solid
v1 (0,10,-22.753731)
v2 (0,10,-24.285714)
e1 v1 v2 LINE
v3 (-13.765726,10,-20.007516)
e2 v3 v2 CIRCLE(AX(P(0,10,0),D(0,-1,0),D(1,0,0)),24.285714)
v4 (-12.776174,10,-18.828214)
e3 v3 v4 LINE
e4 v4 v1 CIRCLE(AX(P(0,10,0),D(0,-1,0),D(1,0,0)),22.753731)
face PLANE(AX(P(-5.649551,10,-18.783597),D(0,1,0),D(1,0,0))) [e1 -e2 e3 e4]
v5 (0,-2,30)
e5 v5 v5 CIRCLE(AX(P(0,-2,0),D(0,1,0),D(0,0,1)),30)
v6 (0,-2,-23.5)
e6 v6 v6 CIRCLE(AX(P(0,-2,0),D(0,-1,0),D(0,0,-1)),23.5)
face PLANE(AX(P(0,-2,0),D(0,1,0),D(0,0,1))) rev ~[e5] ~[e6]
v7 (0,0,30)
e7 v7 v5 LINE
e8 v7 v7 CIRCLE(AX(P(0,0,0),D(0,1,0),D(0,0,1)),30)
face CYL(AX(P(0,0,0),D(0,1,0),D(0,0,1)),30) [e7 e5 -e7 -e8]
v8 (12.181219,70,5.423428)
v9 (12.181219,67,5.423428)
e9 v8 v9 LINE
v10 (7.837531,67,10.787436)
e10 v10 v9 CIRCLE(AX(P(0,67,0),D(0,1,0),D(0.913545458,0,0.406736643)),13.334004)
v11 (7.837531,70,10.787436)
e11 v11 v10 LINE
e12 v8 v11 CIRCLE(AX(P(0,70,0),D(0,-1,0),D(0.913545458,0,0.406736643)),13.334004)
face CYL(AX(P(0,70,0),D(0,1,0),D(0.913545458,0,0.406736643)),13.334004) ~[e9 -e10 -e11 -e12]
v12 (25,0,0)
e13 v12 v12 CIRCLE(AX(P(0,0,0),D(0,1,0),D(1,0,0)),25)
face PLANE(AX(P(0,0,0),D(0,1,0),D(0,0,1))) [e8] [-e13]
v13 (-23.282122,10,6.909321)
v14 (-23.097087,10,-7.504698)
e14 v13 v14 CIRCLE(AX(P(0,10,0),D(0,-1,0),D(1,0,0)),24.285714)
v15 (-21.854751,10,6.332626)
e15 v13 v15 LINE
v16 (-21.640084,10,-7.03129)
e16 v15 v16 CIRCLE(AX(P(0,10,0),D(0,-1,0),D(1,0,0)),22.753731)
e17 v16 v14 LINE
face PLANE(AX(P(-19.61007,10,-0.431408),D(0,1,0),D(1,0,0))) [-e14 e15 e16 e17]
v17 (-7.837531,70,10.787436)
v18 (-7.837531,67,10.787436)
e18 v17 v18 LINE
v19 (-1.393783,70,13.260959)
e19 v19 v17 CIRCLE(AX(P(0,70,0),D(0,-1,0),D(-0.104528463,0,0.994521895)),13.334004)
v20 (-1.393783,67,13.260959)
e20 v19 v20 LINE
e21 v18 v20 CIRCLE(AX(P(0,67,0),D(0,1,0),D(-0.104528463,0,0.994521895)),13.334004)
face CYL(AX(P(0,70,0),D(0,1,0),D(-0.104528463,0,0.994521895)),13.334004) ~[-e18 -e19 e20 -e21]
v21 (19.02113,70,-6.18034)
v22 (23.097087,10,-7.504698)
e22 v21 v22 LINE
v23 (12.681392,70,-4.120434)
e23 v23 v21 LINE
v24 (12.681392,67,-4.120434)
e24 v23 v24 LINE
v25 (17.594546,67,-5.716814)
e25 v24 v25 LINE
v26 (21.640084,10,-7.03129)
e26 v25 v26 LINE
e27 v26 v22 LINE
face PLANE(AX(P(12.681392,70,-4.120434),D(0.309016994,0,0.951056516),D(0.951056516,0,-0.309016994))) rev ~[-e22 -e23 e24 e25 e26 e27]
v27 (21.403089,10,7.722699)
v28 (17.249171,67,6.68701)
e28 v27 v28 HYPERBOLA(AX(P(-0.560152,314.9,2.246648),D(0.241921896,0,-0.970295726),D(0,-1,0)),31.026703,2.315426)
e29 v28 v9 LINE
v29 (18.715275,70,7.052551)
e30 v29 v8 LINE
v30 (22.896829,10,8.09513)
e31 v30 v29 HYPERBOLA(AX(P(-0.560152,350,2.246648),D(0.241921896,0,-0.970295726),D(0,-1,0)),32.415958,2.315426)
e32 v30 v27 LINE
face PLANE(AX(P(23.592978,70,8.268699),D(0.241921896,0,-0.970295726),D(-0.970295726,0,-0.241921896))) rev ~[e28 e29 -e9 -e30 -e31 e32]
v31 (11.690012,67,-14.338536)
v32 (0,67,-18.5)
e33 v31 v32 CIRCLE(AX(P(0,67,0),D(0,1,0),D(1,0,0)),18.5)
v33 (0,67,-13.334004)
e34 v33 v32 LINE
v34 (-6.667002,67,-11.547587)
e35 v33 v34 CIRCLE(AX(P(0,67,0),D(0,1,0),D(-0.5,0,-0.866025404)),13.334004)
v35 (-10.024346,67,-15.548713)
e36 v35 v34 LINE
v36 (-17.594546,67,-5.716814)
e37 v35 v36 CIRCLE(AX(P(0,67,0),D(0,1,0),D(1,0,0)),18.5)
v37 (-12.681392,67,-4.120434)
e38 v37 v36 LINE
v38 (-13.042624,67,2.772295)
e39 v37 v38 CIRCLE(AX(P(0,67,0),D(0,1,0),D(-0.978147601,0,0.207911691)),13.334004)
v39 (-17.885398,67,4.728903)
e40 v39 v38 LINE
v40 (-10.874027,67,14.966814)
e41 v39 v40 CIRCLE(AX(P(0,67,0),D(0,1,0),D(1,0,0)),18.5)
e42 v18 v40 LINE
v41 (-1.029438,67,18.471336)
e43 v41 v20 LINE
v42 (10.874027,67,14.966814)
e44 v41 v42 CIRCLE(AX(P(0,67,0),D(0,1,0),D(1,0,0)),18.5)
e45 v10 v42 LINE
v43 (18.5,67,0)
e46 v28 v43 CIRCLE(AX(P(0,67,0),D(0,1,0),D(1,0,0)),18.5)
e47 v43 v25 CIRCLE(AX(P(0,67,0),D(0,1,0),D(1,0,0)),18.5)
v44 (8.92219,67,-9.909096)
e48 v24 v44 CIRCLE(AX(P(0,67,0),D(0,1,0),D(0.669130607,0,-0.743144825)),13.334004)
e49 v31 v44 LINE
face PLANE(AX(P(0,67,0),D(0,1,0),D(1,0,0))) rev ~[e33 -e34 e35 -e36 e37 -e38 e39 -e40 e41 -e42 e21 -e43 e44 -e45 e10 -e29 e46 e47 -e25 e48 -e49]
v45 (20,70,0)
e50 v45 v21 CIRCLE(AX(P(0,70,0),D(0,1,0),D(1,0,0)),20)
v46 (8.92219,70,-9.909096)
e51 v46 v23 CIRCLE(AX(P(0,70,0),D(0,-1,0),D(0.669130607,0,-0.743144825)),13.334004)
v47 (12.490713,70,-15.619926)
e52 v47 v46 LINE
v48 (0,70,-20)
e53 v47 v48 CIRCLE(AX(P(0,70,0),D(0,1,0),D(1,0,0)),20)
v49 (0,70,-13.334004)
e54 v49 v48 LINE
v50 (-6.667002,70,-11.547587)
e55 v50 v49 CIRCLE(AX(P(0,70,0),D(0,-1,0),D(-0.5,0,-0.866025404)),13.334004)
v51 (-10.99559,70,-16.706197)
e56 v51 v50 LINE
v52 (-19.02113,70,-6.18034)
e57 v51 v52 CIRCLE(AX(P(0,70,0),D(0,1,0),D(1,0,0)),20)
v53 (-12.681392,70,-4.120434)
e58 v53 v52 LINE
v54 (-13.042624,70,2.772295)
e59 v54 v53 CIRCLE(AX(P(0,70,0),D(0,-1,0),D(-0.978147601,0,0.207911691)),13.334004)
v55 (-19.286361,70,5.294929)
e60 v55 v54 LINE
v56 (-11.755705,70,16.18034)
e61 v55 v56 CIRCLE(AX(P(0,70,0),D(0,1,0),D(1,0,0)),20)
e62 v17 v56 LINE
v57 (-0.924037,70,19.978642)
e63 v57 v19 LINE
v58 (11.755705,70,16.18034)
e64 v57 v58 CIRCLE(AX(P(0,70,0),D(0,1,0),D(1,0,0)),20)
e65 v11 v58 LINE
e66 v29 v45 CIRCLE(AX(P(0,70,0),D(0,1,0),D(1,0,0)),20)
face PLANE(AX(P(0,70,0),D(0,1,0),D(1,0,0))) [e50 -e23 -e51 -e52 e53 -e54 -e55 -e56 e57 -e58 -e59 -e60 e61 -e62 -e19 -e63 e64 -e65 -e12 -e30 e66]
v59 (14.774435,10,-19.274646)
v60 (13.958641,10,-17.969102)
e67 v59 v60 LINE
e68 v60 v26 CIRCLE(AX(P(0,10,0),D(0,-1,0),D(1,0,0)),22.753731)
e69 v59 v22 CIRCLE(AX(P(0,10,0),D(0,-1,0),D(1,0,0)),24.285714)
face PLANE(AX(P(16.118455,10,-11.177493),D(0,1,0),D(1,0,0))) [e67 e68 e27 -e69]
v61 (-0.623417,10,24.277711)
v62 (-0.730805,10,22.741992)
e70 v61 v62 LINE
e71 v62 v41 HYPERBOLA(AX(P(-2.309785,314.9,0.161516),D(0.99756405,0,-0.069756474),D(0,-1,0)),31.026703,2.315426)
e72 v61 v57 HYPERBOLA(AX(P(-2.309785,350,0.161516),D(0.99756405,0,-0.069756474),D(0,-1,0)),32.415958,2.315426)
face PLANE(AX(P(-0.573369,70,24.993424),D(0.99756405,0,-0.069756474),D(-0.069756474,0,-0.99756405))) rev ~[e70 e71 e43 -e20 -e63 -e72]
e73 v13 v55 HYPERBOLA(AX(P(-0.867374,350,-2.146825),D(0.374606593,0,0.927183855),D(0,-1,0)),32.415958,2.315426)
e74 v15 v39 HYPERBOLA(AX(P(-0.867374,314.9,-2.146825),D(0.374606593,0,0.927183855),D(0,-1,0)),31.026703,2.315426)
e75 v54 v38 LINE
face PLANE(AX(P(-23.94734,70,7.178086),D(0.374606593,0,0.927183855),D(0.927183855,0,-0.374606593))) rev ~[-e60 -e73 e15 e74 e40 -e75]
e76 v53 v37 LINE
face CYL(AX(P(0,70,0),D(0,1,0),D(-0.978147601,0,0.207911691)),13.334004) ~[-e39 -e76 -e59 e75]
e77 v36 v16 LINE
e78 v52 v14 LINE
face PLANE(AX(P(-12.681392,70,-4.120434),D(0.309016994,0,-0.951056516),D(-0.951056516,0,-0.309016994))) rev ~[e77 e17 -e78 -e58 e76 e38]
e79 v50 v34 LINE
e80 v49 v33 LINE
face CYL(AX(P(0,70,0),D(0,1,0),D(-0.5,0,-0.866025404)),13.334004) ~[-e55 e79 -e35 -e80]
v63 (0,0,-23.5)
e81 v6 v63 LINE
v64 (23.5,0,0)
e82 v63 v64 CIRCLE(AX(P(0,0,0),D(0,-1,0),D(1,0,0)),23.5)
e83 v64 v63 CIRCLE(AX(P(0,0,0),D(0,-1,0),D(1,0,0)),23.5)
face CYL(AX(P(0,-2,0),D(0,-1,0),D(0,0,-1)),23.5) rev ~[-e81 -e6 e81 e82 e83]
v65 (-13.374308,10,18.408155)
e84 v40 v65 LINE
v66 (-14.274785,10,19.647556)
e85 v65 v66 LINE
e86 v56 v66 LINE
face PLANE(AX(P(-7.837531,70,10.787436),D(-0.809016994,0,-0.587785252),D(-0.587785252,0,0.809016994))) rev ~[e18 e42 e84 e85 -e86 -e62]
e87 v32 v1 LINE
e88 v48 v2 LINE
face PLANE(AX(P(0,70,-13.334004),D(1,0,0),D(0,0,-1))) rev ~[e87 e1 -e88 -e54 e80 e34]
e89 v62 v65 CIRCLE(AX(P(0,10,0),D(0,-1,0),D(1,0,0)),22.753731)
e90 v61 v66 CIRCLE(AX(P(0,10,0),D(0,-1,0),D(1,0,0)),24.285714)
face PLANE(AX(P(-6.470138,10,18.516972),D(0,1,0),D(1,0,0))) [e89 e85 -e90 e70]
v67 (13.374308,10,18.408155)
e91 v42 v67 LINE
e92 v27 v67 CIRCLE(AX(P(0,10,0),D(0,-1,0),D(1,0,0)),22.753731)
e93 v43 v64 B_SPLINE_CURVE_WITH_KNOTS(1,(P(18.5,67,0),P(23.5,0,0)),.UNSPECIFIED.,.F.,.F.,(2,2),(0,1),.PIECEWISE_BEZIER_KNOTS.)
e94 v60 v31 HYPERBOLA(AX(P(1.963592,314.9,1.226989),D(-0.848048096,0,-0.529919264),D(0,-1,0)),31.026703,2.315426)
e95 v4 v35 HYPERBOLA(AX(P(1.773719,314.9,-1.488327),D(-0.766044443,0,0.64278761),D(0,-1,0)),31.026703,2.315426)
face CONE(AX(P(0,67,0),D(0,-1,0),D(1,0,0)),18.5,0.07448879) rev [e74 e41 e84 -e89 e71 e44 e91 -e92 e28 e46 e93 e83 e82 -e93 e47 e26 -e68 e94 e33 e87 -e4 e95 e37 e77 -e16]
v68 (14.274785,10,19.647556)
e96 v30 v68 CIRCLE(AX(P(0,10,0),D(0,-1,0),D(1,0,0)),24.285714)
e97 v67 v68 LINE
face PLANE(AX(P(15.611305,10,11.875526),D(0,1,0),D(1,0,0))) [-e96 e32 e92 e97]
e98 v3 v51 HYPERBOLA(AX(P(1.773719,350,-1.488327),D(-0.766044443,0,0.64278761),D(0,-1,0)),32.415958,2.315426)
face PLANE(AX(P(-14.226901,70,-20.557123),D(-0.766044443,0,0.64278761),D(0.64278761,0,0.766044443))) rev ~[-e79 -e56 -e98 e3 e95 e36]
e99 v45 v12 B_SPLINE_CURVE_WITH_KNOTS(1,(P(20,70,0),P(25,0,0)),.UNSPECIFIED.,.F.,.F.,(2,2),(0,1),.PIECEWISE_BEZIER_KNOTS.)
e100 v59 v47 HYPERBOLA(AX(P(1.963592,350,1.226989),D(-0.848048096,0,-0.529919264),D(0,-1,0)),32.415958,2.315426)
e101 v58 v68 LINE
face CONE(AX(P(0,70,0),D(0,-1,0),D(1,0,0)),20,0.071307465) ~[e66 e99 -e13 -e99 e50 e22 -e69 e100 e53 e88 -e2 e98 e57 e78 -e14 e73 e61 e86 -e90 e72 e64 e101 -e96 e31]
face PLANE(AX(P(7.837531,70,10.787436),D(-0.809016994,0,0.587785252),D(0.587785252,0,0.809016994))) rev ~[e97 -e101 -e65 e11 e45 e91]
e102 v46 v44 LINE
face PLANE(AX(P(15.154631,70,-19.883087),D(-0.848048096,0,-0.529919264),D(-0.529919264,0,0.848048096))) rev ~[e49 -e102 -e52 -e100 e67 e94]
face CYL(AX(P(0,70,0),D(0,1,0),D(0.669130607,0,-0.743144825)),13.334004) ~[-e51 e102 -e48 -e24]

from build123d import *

# Parameters (mm, degrees)
SKETCH6_R           = 20
SKETCH4_R           = 25
SKETCH8_R           = 18.5
SKETCH7_R           = 23.5
SKETCH9_R           = 30
BOSS_EXTRUDE1_DEPTH = 2
SKETCH10_R          = 23.5
CUT_EXTRUDE2_DEPTH  = 2
CUT_EXTRUDE4_DEPTH  = 60


with BuildPart() as part:
    # Sketch6 → Loft1 section 0
    with BuildSketch(Plane(origin=(0, 70, 0), x_dir=(1, 0, 0), z_dir=(0, 1, 0))):
        Circle(SKETCH6_R)
    # Sketch4 → Loft1 section 1
    with BuildSketch(Plane(origin=(0, 0, 0), x_dir=(1, 0, 0), z_dir=(0, 1, 0))):
        Circle(SKETCH4_R)
    loft()

    # Sketch8 → Cut-Loft2 section 0
    with BuildSketch(Plane(origin=(0, 67, 0), x_dir=(1, 0, 0), z_dir=(0, 1, 0))):
        Circle(SKETCH8_R)
    # Sketch7 → Cut-Loft2 section 1
    with BuildSketch(Plane.XZ):
        Circle(SKETCH7_R)
    loft(mode=Mode.SUBTRACT)

    # Sketch9 → Boss-Extrude1 (add)
    with BuildSketch(Plane(origin=(0, 0, 0), x_dir=(1, 0, 0), z_dir=(0, 1, 0))):
        with Locations(Location((0, 0, 0), (0, 0, 270))):
            Circle(SKETCH9_R)
    extrude(amount=-BOSS_EXTRUDE1_DEPTH)

    # Sketch10 → Cut-Extrude2 (cut)
    with BuildSketch(Plane.XZ.offset(2)):
        with Locations(Location((0, 0, 0), (0, 0, 270))):
            Circle(SKETCH10_R)
    extrude(amount=-CUT_EXTRUDE2_DEPTH, mode=Mode.SUBTRACT)

    # Sketch11 → Cut-Extrude4 (cut)
    with BuildSketch(Plane(origin=(0, 70, 0), x_dir=(1, 0, 0), z_dir=(0, 1, 0))):
        with BuildLine():
            Line((0, 13.334004414), (0, 25))
            ThreePointArc((0, 25), (-7.452245669, 23.86344557), (-14.226900712, 20.557122759))
            Line((-14.226900712, 20.557122759), (-6.667002207, 11.547586557))
            ThreePointArc((-6.667002207, 11.547586557), (-3.45109429, 12.879659232), (0, 13.334004414))
        make_face()
        with BuildLine():
            Line((12.681391787, 4.120433967), (23.776412907, 7.725424859))
            ThreePointArc((23.776412907, 7.725424859), (20.392614853, 14.46171703), (15.154631459, 19.883086917))
            Line((15.154631459, 19.883086917), (8.922190459, 9.909096384))
            ThreePointArc((8.922190459, 9.909096384), (11.182837055, 7.262219297), (12.681391787, 4.120433967))
        make_face()
        with BuildLine():
            Line((7.837531149, -10.787436174), (14.694631307, -20.225424859))
            ThreePointArc((14.694631307, -20.225424859), (20.055574767, -14.92561291), (23.59297804, -8.268699244))
            Line((23.59297804, -8.268699244), (12.181219165, -5.423428194))
            ThreePointArc((12.181219165, -5.423428194), (10.362467681, -8.391360872), (7.837531149, -10.787436174))
        make_face()
        with BuildLine():
            Line((-7.837531149, -10.787436174), (-14.694631307, -20.225424859))
            ThreePointArc((-14.694631307, -20.225424859), (-7.997587983, -23.686253111), (-0.573369135, -24.993424092))
            Line((-0.573369135, -24.993424092), (-1.393782991, -13.260959343))
            ThreePointArc((-1.393782991, -13.260959343), (-4.778479821, -12.448365528), (-7.837531149, -10.787436174))
        make_face()
        with BuildLine():
            Line((-12.681391787, 4.120433967), (-23.776412907, 7.725424859))
            ThreePointArc((-23.776412907, 7.725424859), (-24.998355969, 0.286703421), (-23.947339654, -7.17808634))
            Line((-23.947339654, -7.17808634), (-13.042624426, -2.772295403))
            ThreePointArc((-13.042624426, -2.772295403), (-13.315730625, 0.697847872), (-12.681391787, 4.120433967))
        make_face()
    extrude(amount=-CUT_EXTRUDE4_DEPTH, mode=Mode.SUBTRACT)


solid = part.part
